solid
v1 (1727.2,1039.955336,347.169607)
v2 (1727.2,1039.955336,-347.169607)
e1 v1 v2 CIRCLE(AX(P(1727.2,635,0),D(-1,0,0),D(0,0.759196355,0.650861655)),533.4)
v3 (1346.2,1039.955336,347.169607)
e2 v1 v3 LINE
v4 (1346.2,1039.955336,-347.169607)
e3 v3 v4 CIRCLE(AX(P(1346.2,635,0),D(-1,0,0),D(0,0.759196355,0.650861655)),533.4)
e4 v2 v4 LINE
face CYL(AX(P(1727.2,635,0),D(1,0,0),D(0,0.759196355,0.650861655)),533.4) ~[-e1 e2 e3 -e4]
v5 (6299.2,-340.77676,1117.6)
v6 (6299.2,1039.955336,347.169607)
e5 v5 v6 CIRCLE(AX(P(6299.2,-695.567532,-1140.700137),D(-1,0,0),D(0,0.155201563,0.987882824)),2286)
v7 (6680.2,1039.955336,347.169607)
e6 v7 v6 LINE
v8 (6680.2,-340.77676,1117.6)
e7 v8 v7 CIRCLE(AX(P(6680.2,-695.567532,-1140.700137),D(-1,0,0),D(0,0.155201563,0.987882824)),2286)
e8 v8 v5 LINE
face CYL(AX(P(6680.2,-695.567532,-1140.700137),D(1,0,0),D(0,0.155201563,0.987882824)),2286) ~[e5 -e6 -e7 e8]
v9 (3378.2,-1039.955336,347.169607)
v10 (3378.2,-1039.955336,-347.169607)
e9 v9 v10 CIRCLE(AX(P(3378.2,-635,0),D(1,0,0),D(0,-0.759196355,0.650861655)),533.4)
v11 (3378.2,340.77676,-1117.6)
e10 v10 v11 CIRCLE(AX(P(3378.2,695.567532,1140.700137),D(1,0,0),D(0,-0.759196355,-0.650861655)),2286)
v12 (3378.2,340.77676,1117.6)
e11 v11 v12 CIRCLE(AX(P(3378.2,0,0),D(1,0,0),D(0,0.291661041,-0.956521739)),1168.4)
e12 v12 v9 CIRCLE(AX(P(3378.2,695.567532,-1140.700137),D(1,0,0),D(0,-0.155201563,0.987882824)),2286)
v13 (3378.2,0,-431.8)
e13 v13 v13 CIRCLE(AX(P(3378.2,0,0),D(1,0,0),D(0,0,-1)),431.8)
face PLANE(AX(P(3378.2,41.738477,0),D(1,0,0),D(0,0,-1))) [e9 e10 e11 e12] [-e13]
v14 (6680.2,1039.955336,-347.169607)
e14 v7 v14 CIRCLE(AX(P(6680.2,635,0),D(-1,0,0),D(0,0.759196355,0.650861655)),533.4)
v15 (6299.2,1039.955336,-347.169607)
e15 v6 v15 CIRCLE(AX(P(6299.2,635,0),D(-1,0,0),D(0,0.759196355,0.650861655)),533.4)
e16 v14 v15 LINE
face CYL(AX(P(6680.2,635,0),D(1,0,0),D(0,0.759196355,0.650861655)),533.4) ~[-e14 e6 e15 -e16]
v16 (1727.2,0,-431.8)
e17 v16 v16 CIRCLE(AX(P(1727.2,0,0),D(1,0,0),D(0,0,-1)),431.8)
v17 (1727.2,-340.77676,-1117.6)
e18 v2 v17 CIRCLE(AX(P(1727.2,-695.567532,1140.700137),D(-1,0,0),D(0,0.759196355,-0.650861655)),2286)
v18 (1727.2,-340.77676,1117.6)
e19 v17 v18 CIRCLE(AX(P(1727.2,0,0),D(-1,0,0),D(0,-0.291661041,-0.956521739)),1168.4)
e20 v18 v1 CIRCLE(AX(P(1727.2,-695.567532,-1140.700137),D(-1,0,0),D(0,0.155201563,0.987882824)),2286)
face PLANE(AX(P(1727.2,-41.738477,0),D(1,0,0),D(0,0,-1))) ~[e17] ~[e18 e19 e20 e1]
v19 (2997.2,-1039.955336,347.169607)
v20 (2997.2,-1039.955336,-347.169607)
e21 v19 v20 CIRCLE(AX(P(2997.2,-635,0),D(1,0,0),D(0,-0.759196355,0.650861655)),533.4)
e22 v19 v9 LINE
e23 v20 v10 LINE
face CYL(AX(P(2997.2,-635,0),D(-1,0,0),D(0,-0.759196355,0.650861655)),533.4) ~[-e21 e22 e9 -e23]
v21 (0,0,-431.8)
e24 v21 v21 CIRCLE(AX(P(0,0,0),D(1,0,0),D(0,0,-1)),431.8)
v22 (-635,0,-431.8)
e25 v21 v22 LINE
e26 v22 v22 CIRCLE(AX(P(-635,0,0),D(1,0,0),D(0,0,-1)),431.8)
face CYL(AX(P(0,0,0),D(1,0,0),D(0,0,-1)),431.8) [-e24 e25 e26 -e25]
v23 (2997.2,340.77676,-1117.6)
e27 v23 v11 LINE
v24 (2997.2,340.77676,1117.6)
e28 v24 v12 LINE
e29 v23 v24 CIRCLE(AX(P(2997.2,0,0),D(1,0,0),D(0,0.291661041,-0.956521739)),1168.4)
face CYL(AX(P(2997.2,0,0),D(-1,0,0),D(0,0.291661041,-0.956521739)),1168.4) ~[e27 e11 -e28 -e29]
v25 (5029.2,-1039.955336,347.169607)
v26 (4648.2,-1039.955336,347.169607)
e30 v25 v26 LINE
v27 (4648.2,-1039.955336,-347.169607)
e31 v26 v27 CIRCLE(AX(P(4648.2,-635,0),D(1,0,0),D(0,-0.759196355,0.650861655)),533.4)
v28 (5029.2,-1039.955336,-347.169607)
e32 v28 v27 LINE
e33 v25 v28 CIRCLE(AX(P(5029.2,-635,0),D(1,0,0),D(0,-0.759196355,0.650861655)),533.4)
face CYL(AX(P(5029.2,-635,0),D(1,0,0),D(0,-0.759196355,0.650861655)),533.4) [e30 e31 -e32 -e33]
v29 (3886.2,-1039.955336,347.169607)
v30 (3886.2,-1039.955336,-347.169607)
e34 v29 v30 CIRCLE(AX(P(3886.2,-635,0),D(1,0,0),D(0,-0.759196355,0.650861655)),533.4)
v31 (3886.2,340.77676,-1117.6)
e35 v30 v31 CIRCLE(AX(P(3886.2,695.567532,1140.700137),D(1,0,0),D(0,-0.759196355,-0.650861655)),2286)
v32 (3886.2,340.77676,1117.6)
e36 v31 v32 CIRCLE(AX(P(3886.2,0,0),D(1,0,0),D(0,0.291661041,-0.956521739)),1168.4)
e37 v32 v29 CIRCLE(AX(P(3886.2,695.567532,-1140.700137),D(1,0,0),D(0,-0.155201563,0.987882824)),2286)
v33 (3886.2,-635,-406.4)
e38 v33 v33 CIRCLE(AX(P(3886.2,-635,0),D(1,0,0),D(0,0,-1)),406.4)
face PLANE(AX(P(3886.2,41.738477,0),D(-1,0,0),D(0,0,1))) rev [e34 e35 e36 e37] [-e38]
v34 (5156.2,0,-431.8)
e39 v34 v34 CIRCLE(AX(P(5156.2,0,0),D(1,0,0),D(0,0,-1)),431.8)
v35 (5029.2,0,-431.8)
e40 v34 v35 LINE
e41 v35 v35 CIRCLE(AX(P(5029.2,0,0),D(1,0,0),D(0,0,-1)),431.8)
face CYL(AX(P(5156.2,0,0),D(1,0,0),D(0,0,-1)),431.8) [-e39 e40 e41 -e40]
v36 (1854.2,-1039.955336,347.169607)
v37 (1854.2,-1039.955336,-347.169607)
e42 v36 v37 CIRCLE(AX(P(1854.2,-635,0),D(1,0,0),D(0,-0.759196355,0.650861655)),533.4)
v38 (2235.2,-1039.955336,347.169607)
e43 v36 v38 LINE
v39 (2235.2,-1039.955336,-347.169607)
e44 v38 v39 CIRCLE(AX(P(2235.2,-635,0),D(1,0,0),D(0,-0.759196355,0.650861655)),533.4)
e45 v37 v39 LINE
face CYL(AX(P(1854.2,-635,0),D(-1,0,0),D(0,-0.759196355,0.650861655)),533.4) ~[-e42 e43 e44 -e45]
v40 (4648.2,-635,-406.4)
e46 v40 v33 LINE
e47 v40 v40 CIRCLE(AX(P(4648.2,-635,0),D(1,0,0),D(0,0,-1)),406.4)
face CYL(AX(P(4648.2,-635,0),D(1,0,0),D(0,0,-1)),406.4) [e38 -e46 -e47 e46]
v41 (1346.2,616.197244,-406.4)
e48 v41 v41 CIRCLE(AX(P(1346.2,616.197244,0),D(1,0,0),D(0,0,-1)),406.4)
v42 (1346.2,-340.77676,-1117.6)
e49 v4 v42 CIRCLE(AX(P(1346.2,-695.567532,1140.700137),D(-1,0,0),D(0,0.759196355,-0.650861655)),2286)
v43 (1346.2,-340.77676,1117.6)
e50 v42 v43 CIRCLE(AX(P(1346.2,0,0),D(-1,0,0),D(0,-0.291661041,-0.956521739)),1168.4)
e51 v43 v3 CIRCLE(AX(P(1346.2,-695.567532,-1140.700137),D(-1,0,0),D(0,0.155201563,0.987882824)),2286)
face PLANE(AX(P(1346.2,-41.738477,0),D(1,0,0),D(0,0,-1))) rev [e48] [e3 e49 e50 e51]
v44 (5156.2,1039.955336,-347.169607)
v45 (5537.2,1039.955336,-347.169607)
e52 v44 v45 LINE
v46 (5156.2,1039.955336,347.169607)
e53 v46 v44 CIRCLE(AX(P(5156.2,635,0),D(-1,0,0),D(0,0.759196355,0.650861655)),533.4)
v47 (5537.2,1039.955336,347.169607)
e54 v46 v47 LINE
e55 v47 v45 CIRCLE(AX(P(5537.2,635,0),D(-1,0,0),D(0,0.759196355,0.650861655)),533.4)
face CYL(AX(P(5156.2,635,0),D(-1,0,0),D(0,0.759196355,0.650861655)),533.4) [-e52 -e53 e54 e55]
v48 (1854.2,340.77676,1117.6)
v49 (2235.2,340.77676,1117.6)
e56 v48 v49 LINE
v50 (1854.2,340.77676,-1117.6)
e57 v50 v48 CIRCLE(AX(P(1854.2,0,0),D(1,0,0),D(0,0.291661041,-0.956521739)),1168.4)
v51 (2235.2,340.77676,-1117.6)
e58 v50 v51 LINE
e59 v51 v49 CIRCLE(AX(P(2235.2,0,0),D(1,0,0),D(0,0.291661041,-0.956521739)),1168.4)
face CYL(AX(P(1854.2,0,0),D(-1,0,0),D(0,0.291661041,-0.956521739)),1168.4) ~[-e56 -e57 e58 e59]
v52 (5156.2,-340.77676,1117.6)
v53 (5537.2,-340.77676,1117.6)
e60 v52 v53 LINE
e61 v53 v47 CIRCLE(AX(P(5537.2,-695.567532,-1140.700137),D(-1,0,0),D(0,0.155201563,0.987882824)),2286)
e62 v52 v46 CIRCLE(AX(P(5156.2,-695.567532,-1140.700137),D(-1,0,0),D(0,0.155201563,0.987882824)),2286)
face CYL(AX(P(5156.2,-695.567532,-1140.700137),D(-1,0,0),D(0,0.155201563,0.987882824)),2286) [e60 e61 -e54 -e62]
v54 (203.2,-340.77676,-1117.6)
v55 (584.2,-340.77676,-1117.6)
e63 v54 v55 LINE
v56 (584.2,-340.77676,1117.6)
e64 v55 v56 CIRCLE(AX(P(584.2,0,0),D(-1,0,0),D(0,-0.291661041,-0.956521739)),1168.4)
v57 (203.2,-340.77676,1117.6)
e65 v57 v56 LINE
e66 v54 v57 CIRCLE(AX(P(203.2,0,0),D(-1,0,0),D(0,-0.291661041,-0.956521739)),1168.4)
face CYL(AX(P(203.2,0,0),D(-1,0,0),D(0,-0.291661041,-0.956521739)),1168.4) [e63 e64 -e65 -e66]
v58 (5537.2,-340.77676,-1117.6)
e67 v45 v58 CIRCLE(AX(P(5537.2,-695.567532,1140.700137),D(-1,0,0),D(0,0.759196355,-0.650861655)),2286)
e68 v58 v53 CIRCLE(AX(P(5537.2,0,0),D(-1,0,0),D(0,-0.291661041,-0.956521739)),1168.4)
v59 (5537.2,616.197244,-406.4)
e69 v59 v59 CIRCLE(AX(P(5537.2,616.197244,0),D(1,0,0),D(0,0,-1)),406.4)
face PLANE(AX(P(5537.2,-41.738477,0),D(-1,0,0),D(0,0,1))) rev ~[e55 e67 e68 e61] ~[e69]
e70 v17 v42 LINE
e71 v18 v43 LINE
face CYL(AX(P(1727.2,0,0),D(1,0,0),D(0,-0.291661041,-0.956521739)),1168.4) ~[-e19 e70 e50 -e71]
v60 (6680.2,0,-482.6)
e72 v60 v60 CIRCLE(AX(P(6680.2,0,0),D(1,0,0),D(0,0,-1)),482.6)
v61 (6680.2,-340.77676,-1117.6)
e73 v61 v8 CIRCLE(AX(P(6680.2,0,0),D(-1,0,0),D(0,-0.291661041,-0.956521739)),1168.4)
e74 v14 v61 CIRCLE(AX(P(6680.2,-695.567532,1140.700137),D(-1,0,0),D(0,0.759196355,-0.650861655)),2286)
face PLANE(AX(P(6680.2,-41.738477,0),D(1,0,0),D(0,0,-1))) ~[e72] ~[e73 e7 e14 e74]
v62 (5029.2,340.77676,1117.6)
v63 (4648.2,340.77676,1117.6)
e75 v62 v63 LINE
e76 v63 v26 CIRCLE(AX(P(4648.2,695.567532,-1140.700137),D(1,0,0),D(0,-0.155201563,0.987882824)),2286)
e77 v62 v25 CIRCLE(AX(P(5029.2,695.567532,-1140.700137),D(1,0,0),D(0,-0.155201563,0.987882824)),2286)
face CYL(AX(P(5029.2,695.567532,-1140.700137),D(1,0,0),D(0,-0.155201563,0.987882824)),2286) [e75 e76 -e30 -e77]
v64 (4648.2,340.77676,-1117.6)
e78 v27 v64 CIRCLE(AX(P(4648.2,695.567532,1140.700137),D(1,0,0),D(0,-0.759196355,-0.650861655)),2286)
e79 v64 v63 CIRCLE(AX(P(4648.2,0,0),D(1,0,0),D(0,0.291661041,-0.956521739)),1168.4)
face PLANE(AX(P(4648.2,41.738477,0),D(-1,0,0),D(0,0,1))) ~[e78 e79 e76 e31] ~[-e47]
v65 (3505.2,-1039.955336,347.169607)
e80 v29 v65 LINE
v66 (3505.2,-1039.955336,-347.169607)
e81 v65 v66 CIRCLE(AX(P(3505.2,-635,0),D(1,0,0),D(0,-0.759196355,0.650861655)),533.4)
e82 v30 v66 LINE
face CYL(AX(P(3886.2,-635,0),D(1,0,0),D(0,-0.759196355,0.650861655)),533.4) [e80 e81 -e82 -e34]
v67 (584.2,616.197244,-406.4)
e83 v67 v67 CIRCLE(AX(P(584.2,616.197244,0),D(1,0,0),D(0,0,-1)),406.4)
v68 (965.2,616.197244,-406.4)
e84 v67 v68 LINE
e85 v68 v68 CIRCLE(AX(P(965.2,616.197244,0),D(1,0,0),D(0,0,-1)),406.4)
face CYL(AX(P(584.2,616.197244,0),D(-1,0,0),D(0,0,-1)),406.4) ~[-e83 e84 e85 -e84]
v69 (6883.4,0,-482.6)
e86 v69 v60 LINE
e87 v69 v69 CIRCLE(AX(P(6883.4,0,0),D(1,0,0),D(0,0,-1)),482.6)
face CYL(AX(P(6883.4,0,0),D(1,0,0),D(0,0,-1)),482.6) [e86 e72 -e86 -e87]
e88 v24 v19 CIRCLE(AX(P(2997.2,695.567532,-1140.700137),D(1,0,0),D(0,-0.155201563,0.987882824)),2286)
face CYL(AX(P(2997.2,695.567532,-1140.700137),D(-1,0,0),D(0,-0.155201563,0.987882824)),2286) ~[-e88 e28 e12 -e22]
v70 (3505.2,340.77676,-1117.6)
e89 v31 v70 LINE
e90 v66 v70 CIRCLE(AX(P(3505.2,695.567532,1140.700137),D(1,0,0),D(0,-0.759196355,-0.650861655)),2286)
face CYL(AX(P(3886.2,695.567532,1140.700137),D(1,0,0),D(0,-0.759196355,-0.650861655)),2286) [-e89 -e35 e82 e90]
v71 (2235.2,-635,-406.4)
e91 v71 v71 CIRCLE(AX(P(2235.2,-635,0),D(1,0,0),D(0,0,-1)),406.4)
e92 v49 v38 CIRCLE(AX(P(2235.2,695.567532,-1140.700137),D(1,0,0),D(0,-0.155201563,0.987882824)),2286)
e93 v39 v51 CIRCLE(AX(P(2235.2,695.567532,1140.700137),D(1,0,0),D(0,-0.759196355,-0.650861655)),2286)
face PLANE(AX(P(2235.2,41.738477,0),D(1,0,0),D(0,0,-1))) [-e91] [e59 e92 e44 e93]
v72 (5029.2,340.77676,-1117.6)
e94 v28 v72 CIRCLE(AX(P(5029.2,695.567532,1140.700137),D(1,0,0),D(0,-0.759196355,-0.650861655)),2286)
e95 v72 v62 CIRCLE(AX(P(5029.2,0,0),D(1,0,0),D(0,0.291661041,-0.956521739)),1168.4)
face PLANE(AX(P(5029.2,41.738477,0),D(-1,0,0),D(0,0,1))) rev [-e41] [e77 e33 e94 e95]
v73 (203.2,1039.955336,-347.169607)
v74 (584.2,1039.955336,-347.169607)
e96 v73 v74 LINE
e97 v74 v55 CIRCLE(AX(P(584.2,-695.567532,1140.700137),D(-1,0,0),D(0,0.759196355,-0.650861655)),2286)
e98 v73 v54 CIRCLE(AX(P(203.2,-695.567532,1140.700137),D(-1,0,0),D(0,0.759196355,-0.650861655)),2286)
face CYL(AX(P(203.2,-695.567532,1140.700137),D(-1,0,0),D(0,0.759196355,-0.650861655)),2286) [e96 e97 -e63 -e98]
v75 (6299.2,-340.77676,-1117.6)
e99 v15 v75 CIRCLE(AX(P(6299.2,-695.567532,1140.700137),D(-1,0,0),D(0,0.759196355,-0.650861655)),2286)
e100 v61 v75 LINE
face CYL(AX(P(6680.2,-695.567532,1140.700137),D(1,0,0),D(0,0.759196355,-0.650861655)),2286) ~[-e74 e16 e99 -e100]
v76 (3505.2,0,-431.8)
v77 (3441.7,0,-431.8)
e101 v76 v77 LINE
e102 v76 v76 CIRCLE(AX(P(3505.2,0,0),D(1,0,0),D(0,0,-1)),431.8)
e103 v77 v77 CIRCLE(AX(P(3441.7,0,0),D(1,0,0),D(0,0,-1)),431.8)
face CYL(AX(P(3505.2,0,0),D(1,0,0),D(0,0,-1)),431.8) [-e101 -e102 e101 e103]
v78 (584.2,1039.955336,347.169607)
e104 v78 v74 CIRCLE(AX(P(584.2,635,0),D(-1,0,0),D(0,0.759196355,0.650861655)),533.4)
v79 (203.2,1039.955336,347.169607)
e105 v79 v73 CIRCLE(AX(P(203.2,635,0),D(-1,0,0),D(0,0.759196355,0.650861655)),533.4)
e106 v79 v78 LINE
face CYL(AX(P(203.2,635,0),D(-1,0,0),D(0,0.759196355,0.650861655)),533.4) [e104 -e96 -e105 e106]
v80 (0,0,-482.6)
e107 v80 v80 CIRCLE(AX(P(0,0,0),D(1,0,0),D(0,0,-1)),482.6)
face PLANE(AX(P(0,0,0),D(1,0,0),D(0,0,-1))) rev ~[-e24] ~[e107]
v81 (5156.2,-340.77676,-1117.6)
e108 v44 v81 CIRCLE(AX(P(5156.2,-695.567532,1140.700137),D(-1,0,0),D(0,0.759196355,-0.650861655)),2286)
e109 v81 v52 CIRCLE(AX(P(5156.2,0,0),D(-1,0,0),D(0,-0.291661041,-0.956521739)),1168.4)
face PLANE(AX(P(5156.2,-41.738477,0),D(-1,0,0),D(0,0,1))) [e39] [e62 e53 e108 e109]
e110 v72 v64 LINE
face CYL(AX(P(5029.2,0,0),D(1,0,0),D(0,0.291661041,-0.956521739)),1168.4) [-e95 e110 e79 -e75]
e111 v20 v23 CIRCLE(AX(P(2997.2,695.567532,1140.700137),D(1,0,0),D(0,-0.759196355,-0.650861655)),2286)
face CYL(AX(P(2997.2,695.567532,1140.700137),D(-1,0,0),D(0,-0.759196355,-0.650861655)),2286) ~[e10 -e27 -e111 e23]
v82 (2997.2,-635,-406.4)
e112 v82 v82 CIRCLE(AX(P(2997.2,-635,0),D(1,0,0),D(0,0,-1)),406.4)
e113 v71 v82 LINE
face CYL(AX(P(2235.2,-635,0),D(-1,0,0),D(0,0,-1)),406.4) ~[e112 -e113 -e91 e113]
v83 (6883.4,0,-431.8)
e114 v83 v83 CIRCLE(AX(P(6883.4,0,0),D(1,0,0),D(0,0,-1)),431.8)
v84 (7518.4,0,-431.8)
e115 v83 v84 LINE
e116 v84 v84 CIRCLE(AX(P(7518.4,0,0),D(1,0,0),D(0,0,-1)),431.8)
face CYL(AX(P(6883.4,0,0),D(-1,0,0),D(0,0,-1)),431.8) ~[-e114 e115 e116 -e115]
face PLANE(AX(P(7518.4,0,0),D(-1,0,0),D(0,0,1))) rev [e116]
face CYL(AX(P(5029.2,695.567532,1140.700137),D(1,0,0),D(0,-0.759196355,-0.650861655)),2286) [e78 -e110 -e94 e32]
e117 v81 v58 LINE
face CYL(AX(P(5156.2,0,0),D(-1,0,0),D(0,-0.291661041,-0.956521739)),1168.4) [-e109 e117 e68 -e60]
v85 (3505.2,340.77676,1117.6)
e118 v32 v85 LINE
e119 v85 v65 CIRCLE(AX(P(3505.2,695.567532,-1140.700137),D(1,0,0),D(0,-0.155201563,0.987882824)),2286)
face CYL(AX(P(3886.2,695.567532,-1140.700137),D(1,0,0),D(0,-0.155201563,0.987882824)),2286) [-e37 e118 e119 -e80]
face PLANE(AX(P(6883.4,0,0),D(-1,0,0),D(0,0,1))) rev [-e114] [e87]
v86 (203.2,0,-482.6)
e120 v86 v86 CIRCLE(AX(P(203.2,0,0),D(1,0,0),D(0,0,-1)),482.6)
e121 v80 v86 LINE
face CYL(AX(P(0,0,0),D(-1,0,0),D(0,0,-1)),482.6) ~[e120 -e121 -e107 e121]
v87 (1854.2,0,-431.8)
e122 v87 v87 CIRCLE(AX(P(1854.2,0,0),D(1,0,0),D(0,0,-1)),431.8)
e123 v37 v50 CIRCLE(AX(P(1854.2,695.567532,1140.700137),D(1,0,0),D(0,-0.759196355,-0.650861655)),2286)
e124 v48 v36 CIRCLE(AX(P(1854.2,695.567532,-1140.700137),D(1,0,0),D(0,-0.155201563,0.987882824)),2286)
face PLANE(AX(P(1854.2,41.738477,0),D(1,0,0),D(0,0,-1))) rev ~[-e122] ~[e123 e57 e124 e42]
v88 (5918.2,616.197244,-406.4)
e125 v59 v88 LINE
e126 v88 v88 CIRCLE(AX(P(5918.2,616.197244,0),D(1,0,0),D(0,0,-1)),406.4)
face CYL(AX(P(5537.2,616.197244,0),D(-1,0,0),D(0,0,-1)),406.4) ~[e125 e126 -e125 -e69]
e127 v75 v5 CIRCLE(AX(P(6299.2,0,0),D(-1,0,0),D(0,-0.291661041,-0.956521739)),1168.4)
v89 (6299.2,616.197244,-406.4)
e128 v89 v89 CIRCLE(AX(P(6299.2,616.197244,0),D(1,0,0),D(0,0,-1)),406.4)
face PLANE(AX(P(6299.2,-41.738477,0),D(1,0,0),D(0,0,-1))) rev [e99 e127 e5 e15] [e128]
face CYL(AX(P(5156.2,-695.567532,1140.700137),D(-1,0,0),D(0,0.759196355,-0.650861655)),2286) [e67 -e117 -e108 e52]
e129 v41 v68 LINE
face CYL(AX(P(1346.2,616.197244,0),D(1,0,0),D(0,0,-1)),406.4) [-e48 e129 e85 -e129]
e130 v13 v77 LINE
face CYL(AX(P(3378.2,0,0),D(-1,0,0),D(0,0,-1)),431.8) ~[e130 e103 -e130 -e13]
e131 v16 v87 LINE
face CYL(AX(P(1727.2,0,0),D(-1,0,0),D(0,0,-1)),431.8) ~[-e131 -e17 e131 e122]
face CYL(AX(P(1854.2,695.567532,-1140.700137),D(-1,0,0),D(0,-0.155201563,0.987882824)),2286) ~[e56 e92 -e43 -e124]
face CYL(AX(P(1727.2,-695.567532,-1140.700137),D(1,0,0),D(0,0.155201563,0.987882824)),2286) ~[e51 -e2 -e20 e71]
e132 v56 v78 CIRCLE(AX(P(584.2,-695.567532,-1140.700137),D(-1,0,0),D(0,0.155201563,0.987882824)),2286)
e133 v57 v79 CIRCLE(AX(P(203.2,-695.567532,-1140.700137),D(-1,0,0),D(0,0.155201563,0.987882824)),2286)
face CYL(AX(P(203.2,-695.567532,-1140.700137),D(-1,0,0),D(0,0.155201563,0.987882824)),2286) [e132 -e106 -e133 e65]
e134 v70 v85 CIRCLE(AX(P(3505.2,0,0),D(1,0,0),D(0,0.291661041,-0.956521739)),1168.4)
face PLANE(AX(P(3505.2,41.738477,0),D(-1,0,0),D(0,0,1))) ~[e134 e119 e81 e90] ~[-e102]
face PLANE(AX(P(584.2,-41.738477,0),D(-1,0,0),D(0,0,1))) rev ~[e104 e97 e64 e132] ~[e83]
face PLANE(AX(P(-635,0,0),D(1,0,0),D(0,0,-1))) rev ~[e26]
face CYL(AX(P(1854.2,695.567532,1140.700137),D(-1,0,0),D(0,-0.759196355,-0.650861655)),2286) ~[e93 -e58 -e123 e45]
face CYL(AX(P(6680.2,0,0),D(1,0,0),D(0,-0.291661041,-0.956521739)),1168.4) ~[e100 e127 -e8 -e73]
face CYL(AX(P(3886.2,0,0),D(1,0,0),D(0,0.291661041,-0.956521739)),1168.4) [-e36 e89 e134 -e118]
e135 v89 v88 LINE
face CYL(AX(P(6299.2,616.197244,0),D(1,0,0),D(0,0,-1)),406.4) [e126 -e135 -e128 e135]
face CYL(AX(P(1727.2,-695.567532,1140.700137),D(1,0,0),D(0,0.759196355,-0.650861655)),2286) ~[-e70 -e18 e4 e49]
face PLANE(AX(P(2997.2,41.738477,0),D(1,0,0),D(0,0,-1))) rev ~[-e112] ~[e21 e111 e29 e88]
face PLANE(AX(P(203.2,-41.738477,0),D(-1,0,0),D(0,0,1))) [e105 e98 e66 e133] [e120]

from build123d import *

# Parameters (mm, degrees)
SKETCH1_R           = 431.8
BOSS_EXTRUDE1_DEPTH = 635
SKETCH1_3_R         = 482.6
BOSS_EXTRUDE2_DEPTH = 203.2
BOSS_EXTRUDE3_DEPTH = 381
SKETCH3_R           = 406.4
BOSS_EXTRUDE4_DEPTH = 381
BOSS_EXTRUDE5_START = 127
SKETCH4_R           = 431.8
BOSS_EXTRUDE5_DEPTH = 127
BOSS_EXTRUDE6_DEPTH = 381
SKETCH6_R           = 406.4
BOSS_EXTRUDE7_DEPTH = 762
BOSS_EXTRUDE8_DEPTH = 381
BOSS_EXTRUDE9_START = 63.5
SKETCH8_R           = 431.8
BOSS_EXTRUDE9_DEPTH = 63.5


with BuildPart() as part:
    # Sketch1 → Boss-Extrude1 (new body)
    with BuildSketch(Plane(origin=(0, 0, 0), x_dir=(0, 0, -1), z_dir=(1, 0, 0))):
        Circle(SKETCH1_R)
    extrude(amount=-BOSS_EXTRUDE1_DEPTH)

    # Sketch1<3> → Boss-Extrude2 (add)
    with BuildSketch(Plane(origin=(0, 0, 0), x_dir=(0, 0, -1), z_dir=(1, 0, 0))):
        Circle(SKETCH1_3_R)
    extrude(amount=BOSS_EXTRUDE2_DEPTH)

    # Sketch2 → Boss-Extrude3 (add)
    with BuildSketch(Plane(origin=(203.2, 0, 0), x_dir=(0, 0, -1), z_dir=(1, 0, 0))):
        with BuildLine():
            ThreePointArc((-347.169606843, 1039.955335913), (0, 1168.4), (347.169606843, 1039.955335913))
            ThreePointArc((347.169606843, 1039.955335913), (855.559483917, 418.319143644), (1117.6, -340.776759771))
            ThreePointArc((1117.6, -340.776759771), (0, -1168.4), (-1117.6, -340.776759771))
            ThreePointArc((-1117.6, -340.776759771), (-855.559483917, 418.319143644), (-347.169606843, 1039.955335913))
        make_face()
    boss_extrude3 = extrude(amount=BOSS_EXTRUDE3_DEPTH)

    # Sketch3 → Boss-Extrude4 (add)
    with BuildSketch(Plane(origin=(584.2, 0, 0), x_dir=(0, 0, -1), z_dir=(1, 0, 0))):
        with Locations((0, 616.197244193)):
            Circle(SKETCH3_R)
    boss_extrude4 = extrude(amount=BOSS_EXTRUDE4_DEPTH)

    # Mirror2: Boss-Extrude3, Boss-Extrude4 across plane
    add(boss_extrude3.mirror(Plane(origin=(965.2, 616.197244193, 0), x_dir=(0, 0, 1), z_dir=(1, 0, 0))))
    add(boss_extrude4.mirror(Plane(origin=(965.2, 616.197244193, 0), x_dir=(0, 0, 1), z_dir=(1, 0, 0))))

    # Sketch4 → Boss-Extrude5 (add)
    with BuildSketch(Plane(origin=(1727.2, 0, 0), x_dir=(0, 0, -1), z_dir=(1, 0, 0)).offset(BOSS_EXTRUDE5_START)):
        Circle(SKETCH4_R)
    extrude(amount=-BOSS_EXTRUDE5_DEPTH)

    # Sketch5 → Boss-Extrude6 (add)
    with BuildSketch(Plane(origin=(1854.2, 0, 0), x_dir=(0, 0, -1), z_dir=(1, 0, 0))):
        with BuildLine():
            ThreePointArc((-347.169606843, -1039.955335913), (0, -1168.4), (347.169606843, -1039.955335913))
            ThreePointArc((347.169606843, -1039.955335913), (855.559483917, -418.319143644), (1117.6, 340.776759771))
            ThreePointArc((1117.6, 340.776759771), (0, 1168.4), (-1117.6, 340.776759771))
            ThreePointArc((-1117.6, 340.776759771), (-855.559483917, -418.319143644), (-347.169606843, -1039.955335913))
        make_face()
    extrude(amount=BOSS_EXTRUDE6_DEPTH)

    # Sketch6 → Boss-Extrude7 (add)
    with BuildSketch(Plane(origin=(2235.2, 0, 0), x_dir=(0, 0, -1), z_dir=(1, 0, 0))):
        with Locations((0, -635)):
            Circle(SKETCH6_R)
    extrude(amount=BOSS_EXTRUDE7_DEPTH)

    # Sketch7 → Boss-Extrude8 (add)
    with BuildSketch(Plane(origin=(2997.2, 0, 0), x_dir=(0, 0, -1), z_dir=(1, 0, 0))):
        with BuildLine():
            ThreePointArc((-347.169606843, -1039.955335913), (0, -1168.4), (347.169606843, -1039.955335913))
            ThreePointArc((347.169606843, -1039.955335913), (855.559483917, -418.319143644), (1117.6, 340.776759771))
            ThreePointArc((1117.6, 340.776759771), (0, 1168.4), (-1117.6, 340.776759771))
            ThreePointArc((-1117.6, 340.776759771), (-855.559483917, -418.319143644), (-347.169606843, -1039.955335913))
        make_face()
    extrude(amount=BOSS_EXTRUDE8_DEPTH)

    # Sketch8 → Boss-Extrude9 (add)
    with BuildSketch(Plane(origin=(3378.2, 0, 0), x_dir=(0, 0, -1), z_dir=(1, 0, 0)).offset(BOSS_EXTRUDE9_START)):
        Circle(SKETCH8_R)
    extrude(amount=-BOSS_EXTRUDE9_DEPTH)

    # Mirror3: part across plane


with BuildPart() as part_1:
    add(part.part)
    add(part.part.mirror(Plane(origin=(3441.7, 0, 0), x_dir=(0, 0, 1), z_dir=(1, 0, 0))))


solid = part_1.part
